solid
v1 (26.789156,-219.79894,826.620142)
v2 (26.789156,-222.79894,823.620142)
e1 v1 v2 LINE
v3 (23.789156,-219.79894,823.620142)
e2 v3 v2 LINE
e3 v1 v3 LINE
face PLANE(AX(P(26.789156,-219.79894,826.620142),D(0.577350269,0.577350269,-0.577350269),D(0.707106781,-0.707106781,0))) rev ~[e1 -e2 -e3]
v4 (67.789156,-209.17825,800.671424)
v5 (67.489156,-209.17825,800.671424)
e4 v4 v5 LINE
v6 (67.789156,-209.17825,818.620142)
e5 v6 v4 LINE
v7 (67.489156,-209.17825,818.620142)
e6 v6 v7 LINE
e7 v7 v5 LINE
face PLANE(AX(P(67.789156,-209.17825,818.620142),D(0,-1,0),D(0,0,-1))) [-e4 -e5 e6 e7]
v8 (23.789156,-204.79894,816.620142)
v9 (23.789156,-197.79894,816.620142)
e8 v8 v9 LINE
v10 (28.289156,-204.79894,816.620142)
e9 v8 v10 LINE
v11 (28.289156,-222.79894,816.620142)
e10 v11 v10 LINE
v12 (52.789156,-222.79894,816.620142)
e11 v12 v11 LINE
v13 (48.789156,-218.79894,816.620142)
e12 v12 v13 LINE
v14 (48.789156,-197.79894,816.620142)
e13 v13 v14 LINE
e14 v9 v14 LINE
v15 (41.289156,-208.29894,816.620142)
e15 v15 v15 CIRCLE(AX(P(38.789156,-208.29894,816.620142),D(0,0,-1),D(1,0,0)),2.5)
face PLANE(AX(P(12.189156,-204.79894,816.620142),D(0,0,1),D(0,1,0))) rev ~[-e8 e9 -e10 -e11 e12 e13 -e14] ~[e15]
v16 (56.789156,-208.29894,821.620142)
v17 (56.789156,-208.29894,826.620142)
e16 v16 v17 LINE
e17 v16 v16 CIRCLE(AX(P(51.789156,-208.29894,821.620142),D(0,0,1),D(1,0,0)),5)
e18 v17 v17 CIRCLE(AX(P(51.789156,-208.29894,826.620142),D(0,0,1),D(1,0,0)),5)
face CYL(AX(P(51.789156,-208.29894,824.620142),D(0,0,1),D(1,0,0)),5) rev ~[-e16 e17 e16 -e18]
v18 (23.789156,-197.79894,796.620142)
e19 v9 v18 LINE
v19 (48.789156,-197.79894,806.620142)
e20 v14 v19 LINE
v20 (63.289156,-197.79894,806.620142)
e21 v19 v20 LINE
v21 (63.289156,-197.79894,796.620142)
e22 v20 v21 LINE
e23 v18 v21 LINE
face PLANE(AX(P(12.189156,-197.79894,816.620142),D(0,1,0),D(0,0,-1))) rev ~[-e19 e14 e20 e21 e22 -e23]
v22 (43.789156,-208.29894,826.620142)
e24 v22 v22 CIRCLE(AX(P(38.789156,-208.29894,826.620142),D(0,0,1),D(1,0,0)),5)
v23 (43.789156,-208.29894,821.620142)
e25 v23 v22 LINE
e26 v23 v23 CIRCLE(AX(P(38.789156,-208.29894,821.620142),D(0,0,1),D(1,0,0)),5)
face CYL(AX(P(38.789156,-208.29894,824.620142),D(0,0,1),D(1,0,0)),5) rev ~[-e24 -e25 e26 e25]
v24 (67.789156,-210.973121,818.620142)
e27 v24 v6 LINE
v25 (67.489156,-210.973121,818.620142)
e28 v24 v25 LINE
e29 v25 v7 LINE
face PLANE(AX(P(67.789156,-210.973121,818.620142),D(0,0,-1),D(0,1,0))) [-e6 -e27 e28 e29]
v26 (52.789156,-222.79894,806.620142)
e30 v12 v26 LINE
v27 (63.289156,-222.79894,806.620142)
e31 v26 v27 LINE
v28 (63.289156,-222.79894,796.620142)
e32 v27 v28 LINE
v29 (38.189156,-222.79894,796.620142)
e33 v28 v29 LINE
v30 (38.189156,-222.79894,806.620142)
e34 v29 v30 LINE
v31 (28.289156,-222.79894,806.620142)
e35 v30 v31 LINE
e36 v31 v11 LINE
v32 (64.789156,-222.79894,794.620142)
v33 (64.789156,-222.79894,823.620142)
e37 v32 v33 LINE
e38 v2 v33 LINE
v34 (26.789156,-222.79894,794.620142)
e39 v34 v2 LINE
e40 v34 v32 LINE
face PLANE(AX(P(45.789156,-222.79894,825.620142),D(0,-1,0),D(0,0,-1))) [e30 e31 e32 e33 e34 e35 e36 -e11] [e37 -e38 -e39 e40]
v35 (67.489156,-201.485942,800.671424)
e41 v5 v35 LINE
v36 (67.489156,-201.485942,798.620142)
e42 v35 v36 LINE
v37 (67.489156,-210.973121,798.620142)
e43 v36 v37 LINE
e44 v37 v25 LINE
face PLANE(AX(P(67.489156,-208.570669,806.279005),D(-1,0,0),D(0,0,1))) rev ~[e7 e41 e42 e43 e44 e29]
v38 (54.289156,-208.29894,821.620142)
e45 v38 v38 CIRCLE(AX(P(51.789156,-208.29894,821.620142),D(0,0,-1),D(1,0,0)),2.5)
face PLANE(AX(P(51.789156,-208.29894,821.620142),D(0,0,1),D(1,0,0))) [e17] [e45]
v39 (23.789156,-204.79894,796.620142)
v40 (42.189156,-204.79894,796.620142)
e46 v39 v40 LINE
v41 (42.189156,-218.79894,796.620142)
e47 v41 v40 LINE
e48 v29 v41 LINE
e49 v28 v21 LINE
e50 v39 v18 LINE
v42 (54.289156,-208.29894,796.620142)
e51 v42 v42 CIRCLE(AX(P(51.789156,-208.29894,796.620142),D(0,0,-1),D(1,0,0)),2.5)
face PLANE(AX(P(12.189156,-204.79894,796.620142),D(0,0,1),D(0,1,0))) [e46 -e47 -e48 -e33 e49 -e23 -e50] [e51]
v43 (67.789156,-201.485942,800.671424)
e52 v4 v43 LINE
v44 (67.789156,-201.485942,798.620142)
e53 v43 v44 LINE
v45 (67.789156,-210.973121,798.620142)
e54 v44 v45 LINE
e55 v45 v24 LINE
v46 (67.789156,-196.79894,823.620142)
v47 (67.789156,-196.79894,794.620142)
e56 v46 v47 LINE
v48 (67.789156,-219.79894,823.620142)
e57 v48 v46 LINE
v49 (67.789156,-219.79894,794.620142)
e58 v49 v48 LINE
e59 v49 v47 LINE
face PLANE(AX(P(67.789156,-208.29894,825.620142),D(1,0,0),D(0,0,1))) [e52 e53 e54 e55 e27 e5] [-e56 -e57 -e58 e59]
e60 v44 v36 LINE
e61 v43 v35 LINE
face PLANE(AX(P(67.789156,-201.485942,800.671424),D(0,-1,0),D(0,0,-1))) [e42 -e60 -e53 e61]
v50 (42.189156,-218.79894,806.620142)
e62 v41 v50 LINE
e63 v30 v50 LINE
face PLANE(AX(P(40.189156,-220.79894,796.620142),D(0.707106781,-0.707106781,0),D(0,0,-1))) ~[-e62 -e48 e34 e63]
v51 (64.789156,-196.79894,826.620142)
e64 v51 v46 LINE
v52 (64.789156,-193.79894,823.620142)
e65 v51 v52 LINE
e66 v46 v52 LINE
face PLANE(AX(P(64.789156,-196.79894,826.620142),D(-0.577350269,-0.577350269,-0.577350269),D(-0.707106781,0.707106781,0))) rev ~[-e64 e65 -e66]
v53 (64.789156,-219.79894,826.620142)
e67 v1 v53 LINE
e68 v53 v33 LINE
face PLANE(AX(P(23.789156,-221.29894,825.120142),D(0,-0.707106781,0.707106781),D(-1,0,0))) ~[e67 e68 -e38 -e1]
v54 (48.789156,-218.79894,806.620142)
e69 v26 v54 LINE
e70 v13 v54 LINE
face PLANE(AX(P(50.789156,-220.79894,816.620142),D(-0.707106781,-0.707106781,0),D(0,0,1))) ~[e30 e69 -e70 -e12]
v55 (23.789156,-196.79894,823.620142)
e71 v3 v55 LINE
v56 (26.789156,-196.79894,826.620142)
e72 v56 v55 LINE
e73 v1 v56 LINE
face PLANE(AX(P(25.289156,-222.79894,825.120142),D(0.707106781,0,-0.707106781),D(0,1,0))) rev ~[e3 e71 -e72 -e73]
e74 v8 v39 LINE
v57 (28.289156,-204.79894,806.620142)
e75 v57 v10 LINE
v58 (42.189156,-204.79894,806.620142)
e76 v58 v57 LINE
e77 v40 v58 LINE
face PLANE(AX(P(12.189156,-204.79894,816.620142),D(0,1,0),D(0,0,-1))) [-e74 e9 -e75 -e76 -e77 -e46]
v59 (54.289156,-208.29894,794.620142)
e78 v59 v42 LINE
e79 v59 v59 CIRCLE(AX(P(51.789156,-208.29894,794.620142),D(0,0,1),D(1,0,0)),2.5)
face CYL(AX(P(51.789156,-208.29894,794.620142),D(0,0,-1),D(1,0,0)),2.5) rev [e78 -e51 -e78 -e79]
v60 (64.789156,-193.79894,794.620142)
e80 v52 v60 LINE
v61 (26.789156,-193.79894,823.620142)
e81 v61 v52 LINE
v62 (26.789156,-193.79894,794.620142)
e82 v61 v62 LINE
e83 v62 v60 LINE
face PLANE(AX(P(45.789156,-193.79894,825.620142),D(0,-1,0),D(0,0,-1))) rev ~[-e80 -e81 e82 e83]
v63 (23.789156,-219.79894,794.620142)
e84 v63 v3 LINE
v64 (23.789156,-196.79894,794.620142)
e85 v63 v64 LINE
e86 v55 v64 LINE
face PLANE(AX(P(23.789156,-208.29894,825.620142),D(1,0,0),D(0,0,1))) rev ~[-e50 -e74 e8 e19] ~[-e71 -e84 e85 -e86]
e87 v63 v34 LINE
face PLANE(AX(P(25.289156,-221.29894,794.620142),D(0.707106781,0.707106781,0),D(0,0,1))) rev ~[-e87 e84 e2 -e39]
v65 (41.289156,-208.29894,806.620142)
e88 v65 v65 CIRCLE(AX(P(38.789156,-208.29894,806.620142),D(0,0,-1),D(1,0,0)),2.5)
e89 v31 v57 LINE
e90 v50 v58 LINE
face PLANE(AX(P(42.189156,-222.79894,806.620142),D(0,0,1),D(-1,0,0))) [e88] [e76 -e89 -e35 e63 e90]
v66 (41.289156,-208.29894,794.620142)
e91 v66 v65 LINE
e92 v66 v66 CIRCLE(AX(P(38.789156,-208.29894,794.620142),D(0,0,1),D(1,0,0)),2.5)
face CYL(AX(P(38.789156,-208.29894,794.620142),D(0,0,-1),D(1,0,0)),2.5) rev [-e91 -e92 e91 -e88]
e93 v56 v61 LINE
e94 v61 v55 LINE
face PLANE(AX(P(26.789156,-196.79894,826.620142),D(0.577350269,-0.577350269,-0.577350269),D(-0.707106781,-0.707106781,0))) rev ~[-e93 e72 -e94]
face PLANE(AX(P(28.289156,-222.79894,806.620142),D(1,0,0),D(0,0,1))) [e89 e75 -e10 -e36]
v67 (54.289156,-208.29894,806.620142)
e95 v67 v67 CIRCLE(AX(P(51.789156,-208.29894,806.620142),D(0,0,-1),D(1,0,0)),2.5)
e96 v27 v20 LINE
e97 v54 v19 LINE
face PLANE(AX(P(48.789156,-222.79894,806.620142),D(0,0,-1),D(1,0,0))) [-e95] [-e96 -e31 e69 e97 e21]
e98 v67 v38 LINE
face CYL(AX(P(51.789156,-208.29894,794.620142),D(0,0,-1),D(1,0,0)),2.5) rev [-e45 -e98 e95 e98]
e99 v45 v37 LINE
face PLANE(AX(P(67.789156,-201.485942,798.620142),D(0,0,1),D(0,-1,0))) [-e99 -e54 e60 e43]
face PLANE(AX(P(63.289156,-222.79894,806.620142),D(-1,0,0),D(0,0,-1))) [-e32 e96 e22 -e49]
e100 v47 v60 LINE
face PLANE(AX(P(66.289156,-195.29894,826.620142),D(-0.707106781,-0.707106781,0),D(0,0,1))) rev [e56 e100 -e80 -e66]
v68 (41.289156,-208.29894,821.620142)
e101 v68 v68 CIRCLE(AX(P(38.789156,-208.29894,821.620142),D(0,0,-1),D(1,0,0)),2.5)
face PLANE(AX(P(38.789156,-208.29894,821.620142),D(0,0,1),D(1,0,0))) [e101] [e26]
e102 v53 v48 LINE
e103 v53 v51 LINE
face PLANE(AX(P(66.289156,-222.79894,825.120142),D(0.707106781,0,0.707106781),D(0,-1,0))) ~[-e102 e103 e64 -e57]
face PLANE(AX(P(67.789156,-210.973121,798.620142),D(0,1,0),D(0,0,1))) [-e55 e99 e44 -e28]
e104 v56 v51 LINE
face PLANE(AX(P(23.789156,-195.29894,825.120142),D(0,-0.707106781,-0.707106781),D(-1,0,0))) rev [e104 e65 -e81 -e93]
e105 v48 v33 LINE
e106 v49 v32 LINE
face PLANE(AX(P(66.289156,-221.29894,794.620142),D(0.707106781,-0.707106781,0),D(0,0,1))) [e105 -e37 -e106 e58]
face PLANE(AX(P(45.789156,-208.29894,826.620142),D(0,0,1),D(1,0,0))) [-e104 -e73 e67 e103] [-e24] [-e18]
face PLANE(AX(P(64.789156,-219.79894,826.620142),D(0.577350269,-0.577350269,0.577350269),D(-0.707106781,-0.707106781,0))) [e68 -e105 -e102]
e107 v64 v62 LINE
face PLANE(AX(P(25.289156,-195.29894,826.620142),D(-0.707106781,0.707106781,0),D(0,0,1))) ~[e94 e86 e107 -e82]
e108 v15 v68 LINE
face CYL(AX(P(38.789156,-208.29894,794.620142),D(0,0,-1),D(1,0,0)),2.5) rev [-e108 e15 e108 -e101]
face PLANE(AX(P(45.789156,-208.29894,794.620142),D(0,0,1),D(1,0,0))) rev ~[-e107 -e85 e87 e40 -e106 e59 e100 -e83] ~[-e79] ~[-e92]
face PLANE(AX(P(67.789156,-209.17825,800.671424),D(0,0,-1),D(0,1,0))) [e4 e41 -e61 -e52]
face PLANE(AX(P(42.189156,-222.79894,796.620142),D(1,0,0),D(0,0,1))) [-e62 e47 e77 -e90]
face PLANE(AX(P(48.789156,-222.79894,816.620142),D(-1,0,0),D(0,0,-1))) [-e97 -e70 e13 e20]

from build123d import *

# Parameters (mm, degrees)
SKETCH1_W               = 44
SKETCH1_H               = 29
SKETCH1_R               = 2.5
BOSS_EXTRUDE1_DEPTH     = 30
CUT_EXTRUDE1_DEPTH      = 25
CUT_EXTRUDE2_DEPTH      = 1
CUT_EXTRUDE2_DEPTH_BACK = 30
SKETCH3_W               = 20
SKETCH3_H               = 7
SKETCH4_R               = 5
CUT_EXTRUDE3_DEPTH      = 3
THICKEN1_T1             = 2
CHAMFER1_SIZE           = 3
CHAMFER2_SIZE           = 4
CUT_EXTRUDE4_DEPTH      = 0.3


with BuildPart() as part:
    # Sketch1 → Boss-Extrude1 (new body)
    with BuildSketch(Plane.XY.offset(794.620141885)):
        with Locations((45.789156386, -208.298939869)):
            Rectangle(SKETCH1_W, SKETCH1_H)
        with Locations((38.789156386, -208.298939869)):
            Circle(SKETCH1_R, mode=Mode.SUBTRACT)
        with Locations((51.789156386, -208.298939869)):
            Circle(SKETCH1_R, mode=Mode.SUBTRACT)
    extrude(amount=BOSS_EXTRUDE1_DEPTH)

    # Sketch2 → Cut-Extrude1 (cut)
    with BuildSketch(Plane.XZ.offset(222.798939869)):
        Polygon((28.289156386, 816.620141885), (48.789156386, 816.620141885), (48.789156386, 806.620141885), (63.289156386, 806.620141885), (63.289156386, 796.620141885), (42.189156386, 796.620141885), (42.189156386, 806.620141885), (28.289156386, 806.620141885), align=None)
    extrude(amount=-CUT_EXTRUDE1_DEPTH, mode=Mode.SUBTRACT)

    # Sketch3 → Cut-Extrude2 (cut, two sides: drawn at the far end of the back side and taken through both)
    with BuildSketch(Plane(origin=(42.189156386, 0, 0), x_dir=(0, 0, -1), z_dir=(1, 0, 0)).offset(-CUT_EXTRUDE2_DEPTH_BACK)):
        with Locations((-806.620141885, -201.298939869)):
            Rectangle(SKETCH3_W, SKETCH3_H)
    extrude(amount=CUT_EXTRUDE2_DEPTH + CUT_EXTRUDE2_DEPTH_BACK, mode=Mode.SUBTRACT)

    # Sketch4 → Cut-Extrude3 (cut)
    with BuildSketch(Plane.XY.offset(824.620141885)):
        with Locations((38.789156386, -208.298939869)):
            Circle(SKETCH4_R)
        with Locations((51.789156386, -208.298939869)):
            Circle(SKETCH4_R)
    extrude(amount=-CUT_EXTRUDE3_DEPTH, mode=Mode.SUBTRACT)

    # Surface-Offset1: a surface, a copy of 1 face of the part
    surface_offset1_1 = part.part.faces().sort_by_distance((45.859348885, -208.298939869, 824.620141885))[0]
    add(Solid.thicken(surface_offset1_1, THICKEN1_T1))

    # Chamfer1
    chamfer1_edges = [part.edges().sort_by_distance(p)[0] for p in [
        (67.789156386, -222.798939869, 810.620141885),
        (23.789156386, -222.798939869, 810.620141885),
        (23.789156386, -193.798939869, 810.620141885),
        (67.789156386, -193.798939869, 810.620141885),
        (67.789156386, -208.298939869, 826.620141885),
        (45.789156386, -193.798939869, 826.620141885),
        (23.789156386, -208.298939869, 826.620141885),
        (45.789156386, -222.798939869, 826.620141885),
    ]]
    chamfer(chamfer1_edges, length=CHAMFER1_SIZE)

    # Chamfer2
    chamfer2_edges = [part.edges().sort_by_distance(p)[0] for p in [
        (42.189156386, -222.798939869, 801.620141885),
        (48.789156386, -222.798939869, 811.620141885),
    ]]
    chamfer(chamfer2_edges, length=CHAMFER2_SIZE)

    # Sketch5 → Cut-Extrude4 (cut)
    with BuildSketch(Plane(origin=(67.789156386, 0, 0), x_dir=(0, 0, -1), z_dir=(1, 0, 0))):
        Polygon((-818.620141885, -210.973121437), (-818.620141885, -209.178249642), (-800.671423936, -209.178249642), (-800.671423936, -201.48594195), (-798.620141885, -201.48594195), (-798.620141885, -210.973121437), align=None)
    extrude(amount=-CUT_EXTRUDE4_DEPTH, mode=Mode.SUBTRACT)


solid = part.part
